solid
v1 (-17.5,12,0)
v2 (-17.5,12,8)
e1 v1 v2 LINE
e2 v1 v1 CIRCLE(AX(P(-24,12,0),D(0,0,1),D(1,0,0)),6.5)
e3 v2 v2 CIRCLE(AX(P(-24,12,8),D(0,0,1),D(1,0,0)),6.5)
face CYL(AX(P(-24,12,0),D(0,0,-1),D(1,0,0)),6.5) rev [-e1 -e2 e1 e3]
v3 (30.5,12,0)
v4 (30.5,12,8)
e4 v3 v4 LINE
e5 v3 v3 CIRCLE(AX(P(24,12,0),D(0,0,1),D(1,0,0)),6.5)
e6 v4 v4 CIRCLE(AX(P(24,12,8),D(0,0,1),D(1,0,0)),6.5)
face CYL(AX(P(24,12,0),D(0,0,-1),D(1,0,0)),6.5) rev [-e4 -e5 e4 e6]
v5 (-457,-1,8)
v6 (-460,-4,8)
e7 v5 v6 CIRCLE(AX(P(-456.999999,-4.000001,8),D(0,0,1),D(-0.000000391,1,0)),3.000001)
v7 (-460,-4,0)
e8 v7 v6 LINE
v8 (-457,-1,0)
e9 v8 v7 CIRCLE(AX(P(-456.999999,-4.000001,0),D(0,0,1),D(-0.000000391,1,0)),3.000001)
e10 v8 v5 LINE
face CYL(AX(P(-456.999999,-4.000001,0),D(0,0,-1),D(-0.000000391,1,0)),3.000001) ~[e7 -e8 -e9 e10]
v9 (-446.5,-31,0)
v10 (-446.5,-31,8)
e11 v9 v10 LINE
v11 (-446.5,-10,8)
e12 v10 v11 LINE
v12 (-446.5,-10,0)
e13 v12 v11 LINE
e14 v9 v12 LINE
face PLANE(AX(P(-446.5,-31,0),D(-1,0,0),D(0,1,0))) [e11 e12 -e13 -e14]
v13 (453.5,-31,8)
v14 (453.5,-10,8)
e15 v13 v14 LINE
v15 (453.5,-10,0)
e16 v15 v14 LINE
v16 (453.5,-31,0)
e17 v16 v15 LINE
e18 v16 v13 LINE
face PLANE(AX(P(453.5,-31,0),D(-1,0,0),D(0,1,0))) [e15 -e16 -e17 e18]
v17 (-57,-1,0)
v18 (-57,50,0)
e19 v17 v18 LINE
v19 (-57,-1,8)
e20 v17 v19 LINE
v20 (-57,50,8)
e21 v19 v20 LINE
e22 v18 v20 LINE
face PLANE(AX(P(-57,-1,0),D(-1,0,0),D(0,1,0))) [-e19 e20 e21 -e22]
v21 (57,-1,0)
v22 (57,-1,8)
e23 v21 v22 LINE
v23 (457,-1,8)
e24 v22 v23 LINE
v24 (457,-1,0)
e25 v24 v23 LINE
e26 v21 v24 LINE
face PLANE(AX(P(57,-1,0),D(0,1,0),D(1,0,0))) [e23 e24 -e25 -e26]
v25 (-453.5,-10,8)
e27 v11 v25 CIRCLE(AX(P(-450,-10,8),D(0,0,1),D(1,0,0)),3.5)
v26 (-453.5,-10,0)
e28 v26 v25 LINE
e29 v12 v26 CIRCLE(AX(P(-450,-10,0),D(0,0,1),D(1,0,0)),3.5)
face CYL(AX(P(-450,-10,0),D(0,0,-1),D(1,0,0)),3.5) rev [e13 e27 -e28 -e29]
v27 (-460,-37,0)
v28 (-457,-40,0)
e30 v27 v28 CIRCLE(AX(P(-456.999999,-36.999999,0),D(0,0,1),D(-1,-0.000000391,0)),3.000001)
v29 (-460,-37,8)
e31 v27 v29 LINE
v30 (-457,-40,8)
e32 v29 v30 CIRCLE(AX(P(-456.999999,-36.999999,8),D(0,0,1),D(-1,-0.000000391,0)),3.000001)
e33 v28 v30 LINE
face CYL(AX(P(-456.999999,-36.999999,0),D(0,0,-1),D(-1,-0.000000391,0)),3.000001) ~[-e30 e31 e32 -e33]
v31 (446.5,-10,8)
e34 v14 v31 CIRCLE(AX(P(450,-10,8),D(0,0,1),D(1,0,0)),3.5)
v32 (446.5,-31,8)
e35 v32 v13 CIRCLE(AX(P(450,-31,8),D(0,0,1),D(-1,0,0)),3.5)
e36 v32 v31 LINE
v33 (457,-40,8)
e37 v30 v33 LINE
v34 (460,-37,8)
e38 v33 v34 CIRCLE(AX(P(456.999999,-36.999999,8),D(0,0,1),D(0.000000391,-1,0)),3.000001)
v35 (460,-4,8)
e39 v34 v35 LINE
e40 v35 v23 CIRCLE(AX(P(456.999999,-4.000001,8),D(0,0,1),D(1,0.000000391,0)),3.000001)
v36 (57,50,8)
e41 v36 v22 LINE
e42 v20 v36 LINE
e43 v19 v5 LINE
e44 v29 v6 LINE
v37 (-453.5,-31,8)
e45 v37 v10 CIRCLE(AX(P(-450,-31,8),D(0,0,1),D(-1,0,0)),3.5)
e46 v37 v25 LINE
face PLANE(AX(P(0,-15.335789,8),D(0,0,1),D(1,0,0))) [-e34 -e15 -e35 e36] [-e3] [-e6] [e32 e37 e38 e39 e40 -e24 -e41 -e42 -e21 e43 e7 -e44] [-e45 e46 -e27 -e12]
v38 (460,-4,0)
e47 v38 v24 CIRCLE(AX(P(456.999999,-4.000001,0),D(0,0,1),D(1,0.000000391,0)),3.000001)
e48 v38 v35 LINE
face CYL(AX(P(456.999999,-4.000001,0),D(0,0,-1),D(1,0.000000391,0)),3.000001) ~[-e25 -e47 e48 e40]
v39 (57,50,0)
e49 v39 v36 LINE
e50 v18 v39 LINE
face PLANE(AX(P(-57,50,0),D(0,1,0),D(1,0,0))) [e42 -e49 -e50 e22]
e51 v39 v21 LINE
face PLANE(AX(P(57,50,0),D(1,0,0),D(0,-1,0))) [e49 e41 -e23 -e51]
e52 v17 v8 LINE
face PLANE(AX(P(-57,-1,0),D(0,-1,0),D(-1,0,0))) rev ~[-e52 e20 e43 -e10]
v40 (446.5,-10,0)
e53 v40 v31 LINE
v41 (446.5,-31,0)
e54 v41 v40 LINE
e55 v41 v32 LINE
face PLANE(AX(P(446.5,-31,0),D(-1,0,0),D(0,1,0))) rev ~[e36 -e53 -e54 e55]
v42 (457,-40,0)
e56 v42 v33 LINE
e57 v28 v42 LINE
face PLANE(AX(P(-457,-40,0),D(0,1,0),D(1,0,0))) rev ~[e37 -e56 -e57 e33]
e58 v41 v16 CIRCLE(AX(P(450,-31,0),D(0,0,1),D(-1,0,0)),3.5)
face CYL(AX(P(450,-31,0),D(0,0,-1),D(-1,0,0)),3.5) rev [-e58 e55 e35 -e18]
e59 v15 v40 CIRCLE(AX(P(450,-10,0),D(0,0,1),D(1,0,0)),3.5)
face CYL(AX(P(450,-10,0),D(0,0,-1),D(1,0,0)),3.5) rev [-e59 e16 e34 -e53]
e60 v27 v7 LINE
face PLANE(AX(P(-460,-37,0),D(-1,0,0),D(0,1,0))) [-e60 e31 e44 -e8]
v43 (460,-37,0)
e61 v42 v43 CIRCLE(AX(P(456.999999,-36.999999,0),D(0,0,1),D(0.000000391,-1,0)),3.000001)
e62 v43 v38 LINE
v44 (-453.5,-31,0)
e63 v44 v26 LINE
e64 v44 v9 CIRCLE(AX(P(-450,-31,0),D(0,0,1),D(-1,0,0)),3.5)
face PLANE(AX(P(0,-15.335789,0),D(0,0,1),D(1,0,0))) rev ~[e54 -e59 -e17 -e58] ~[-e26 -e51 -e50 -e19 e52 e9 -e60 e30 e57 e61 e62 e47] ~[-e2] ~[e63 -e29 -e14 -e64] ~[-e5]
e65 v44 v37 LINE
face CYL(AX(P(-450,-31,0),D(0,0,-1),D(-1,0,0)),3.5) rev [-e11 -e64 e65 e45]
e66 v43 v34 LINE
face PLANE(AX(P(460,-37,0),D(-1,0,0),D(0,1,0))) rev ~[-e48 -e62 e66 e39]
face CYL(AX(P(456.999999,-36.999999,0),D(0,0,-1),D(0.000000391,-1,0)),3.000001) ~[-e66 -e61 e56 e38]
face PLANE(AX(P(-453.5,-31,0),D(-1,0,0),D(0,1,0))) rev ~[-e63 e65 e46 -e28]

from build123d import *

# Parameters (mm, degrees)
SKETCH_R  = 6.5
PAD_DEPTH = 8


with BuildPart() as part:
    # Sketch → Pad (new body)
    with BuildSketch(Plane.XY):
        with BuildLine():
            Line((-457, -40), (0, -40))
            Line((0, -40), (457, -40))
            ThreePointArc((457, -40), (459.12132, -39.12132), (460, -37))
            Line((460, -37), (460, -4))
            ThreePointArc((460, -4), (459.12132, -1.87868), (457, -1))
            Line((58, -1), (457, -1))
            Line((57, -1), (58, -1))
            Line((57, 50), (57, -1))
            Line((-57, 50), (57, 50))
            Line((-57, -1), (-57, 50))
            Line((-57, -1), (-58, -1))
            Line((-58, -1), (-457, -1))
            ThreePointArc((-457, -1), (-459.12132, -1.87868), (-460, -4))
            Line((-460, -37), (-460, -4))
            ThreePointArc((-460, -37), (-459.12132, -39.12132), (-457, -40))
        make_face()
        with Locations((-24, 12)):
            Circle(SKETCH_R, mode=Mode.SUBTRACT)
        with Locations((24, 12)):
            Circle(SKETCH_R, mode=Mode.SUBTRACT)
        with BuildLine():
            ThreePointArc((-453.5, -31), (-450, -34.5), (-446.5, -31))
            Line((-446.5, -31), (-446.5, -10))
            ThreePointArc((-446.5, -10), (-450, -6.5), (-453.5, -10))
            Line((-453.5, -31), (-453.5, -10))
        make_face(mode=Mode.SUBTRACT)
        with BuildLine():
            ThreePointArc((446.5, -31), (450, -34.5), (453.5, -31))
            Line((453.5, -31), (453.5, -10))
            ThreePointArc((453.5, -10), (450, -6.5), (446.5, -10))
            Line((446.5, -31), (446.5, -10))
        make_face(mode=Mode.SUBTRACT)
    extrude(amount=PAD_DEPTH)


solid = part.part
